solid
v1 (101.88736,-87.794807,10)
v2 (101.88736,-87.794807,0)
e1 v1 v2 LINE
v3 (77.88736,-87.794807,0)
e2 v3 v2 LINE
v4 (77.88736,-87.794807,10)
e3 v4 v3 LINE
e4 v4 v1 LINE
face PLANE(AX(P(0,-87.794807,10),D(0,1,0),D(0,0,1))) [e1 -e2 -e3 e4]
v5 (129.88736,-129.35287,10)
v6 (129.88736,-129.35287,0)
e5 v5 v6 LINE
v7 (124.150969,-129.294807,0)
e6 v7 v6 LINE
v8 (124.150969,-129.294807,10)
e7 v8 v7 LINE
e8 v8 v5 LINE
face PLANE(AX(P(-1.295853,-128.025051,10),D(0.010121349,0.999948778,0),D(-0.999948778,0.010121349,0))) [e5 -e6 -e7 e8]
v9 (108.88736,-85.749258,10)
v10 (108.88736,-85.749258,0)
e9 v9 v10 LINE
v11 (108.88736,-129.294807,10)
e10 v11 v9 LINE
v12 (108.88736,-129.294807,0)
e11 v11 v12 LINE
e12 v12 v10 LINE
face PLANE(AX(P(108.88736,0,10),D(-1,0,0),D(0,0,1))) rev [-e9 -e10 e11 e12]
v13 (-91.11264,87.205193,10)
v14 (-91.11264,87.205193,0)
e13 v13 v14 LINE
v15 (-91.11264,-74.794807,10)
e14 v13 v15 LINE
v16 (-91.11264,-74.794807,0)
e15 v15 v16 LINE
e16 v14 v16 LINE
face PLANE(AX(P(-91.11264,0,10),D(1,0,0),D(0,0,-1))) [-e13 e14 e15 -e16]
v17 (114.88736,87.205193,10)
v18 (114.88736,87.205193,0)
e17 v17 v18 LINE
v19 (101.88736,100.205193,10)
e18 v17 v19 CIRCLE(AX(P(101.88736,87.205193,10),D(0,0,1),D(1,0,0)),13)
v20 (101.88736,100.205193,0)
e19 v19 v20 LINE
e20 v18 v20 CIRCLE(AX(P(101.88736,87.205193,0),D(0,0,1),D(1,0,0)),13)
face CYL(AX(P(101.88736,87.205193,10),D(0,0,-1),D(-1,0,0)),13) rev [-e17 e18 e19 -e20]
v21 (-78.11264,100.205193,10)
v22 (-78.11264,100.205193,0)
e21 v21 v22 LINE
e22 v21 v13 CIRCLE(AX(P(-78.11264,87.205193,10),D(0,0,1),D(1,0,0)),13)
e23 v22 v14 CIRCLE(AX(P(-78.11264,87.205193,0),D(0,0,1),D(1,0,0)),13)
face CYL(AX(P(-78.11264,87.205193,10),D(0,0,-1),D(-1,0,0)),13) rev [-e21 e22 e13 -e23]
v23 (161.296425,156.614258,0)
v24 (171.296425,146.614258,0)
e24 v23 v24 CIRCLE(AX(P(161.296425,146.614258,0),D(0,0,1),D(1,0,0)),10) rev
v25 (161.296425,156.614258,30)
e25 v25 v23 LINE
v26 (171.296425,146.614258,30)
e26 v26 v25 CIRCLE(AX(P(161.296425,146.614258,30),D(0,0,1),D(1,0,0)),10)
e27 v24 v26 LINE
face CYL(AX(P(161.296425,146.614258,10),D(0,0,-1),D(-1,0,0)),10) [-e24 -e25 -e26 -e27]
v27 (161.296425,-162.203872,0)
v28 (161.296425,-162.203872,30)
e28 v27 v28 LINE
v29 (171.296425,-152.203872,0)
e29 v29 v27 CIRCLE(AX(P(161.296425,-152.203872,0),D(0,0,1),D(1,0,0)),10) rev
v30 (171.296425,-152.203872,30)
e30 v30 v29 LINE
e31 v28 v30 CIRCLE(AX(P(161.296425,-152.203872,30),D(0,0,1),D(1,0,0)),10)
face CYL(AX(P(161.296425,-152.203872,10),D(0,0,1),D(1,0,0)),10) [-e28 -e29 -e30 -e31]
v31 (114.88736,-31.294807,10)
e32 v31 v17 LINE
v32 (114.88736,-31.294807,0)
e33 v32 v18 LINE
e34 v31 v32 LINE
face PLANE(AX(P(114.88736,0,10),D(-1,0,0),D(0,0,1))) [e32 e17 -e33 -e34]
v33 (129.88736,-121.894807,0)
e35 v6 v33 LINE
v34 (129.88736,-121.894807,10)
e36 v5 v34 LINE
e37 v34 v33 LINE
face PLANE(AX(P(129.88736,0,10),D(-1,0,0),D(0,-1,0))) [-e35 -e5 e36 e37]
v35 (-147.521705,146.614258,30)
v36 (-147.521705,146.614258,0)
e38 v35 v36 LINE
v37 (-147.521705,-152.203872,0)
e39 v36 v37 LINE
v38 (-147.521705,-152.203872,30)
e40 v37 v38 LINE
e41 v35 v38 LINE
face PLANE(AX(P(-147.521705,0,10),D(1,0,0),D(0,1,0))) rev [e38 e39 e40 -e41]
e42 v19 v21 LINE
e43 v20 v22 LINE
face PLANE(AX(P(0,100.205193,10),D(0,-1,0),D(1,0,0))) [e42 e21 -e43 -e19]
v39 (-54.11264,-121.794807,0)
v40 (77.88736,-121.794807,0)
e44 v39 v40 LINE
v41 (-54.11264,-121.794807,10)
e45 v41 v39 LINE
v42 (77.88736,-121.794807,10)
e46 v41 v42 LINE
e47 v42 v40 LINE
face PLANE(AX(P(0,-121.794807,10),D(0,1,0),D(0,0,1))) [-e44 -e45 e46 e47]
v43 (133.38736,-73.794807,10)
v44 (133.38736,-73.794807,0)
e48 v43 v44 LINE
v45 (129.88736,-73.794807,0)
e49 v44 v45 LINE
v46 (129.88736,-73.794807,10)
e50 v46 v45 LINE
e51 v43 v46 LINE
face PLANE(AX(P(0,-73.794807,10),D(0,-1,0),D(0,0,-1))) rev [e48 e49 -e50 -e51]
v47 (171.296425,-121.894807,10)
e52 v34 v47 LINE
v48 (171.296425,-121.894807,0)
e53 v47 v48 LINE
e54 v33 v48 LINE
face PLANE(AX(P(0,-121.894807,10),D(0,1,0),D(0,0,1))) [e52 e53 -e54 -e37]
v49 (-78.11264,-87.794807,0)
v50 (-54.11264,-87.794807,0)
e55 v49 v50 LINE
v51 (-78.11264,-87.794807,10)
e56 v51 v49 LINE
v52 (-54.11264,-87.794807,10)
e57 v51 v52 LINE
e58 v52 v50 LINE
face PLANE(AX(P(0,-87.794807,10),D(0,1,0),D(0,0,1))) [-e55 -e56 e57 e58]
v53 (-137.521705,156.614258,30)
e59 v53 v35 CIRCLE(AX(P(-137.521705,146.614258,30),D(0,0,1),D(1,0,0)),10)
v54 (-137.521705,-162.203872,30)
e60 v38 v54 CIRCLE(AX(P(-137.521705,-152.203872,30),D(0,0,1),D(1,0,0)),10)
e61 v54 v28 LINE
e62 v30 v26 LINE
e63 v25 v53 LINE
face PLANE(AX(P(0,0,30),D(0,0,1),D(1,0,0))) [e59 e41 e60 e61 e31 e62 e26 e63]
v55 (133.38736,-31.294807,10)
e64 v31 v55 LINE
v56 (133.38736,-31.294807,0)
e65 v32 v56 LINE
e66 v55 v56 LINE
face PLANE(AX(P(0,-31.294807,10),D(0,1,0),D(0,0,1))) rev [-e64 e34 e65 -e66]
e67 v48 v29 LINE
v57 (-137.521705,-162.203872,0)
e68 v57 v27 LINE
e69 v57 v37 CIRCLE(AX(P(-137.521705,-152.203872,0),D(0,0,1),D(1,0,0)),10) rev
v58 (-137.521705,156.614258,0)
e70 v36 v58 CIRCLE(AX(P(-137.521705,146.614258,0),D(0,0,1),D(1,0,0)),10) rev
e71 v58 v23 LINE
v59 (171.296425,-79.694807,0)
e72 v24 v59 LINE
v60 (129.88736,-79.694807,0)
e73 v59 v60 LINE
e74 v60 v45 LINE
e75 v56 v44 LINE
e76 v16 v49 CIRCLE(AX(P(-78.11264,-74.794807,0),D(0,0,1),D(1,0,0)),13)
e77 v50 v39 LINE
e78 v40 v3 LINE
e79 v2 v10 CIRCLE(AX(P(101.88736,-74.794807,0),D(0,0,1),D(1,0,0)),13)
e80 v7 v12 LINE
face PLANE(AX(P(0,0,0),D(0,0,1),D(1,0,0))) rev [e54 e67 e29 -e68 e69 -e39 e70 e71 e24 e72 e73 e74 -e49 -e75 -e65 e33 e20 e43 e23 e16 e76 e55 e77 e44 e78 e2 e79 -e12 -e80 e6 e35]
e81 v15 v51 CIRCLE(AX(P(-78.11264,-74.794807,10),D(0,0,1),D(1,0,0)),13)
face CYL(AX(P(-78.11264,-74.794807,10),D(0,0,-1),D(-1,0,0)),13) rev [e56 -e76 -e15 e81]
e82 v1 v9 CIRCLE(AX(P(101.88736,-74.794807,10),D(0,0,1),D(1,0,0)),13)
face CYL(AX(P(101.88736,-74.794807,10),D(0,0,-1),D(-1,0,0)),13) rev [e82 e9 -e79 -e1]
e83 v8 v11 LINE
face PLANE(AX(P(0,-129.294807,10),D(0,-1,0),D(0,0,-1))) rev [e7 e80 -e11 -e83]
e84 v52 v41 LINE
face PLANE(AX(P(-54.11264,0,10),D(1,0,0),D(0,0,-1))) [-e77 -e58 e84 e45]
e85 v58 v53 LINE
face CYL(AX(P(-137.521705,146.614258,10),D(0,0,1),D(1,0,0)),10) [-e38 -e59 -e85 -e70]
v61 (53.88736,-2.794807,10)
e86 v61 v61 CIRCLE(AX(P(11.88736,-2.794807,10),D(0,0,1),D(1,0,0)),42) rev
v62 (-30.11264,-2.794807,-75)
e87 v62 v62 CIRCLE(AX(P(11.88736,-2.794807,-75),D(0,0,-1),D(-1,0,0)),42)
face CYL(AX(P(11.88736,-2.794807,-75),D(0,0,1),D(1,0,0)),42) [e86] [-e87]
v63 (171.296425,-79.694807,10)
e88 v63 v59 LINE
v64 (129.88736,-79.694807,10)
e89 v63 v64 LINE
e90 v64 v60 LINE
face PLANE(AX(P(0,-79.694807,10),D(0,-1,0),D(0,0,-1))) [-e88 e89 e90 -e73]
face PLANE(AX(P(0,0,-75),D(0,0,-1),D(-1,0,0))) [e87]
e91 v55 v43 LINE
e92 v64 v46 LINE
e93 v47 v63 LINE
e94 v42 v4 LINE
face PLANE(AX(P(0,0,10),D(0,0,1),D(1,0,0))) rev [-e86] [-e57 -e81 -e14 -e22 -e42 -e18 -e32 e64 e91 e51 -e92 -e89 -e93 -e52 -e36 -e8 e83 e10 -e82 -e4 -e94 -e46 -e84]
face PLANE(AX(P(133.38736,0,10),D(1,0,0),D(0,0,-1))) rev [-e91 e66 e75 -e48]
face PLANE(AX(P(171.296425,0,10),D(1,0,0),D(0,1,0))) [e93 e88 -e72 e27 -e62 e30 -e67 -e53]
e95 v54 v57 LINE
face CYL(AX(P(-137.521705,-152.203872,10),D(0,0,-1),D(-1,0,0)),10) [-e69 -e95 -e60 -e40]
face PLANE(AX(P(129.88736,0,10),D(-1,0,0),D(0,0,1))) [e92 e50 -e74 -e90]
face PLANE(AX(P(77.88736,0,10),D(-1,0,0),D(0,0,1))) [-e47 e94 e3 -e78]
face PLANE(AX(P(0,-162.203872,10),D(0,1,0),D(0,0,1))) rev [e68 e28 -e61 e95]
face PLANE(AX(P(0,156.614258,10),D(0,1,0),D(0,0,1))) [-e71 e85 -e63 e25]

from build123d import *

# Parameters (mm, degrees)
EXTRUDE_1_DEPTH = 10
SKETCH_4_W      = 318.818129974
SKETCH_4_H      = 318.818129974
EXTRUDE_3_DEPTH = 20
SKETCH_6_R      = 42
EXTRUDE_4_DEPTH = 85
FILLET_1_R      = 10


with BuildPart() as part:
    # 草图2 → 凸台-拉伸1 (new body)
    with BuildSketch(Plane.XY):
        with BuildLine():
            Line((171.296424673, 156.614258314), (-147.521705301, 156.614258314))
            Line((-147.521705301, 156.614258314), (-147.521705301, -162.20387166))
            Line((-147.521705301, -162.20387166), (171.296424673, -162.20387166))
            Line((171.296424673, -162.20387166), (171.296424673, -121.894806673))
            Line((171.296424673, -121.894806673), (129.887359686, -121.894806673))
            Line((129.887359686, -121.894806673), (129.887359686, -129.352869657))
            Line((129.887359686, -129.352869657), (124.15096929, -129.294806673))
            Line((124.15096929, -129.294806673), (108.887359686, -129.294806673))
            Line((108.887359686, -129.294806673), (108.887359686, -85.749257823))
            ThreePointArc((108.887359686, -85.749257823), (105.533737001, -87.272944854), (101.887359686, -87.794806673))
            Line((101.887359686, -87.794806673), (77.887359686, -87.794806673))
            Line((77.887359686, -87.794806673), (77.887359686, -121.794806673))
            Line((77.887359686, -121.794806673), (-54.112640314, -121.794806673))
            Line((-54.112640314, -121.794806673), (-54.112640314, -87.794806673))
            Line((-54.112640314, -87.794806673), (-78.112640314, -87.794806673))
            ThreePointArc((-78.112640314, -87.794806673), (-87.305028469, -83.987194828), (-91.112640314, -74.794806673))
            Line((-91.112640314, -74.794806673), (-91.112640314, 87.205193327))
            ThreePointArc((-91.112640314, 87.205193327), (-87.305028469, 96.397581483), (-78.112640314, 100.205193327))
            Line((-78.112640314, 100.205193327), (101.887359686, 100.205193327))
            ThreePointArc((101.887359686, 100.205193327), (111.079747841, 96.397581483), (114.887359686, 87.205193327))
            Line((114.887359686, 87.205193327), (114.887359686, -31.294806673))
            Line((114.887359686, -31.294806673), (133.387359686, -31.294806673))
            Line((133.387359686, -31.294806673), (133.387359686, -37.294806673))
            Line((133.387359686, -37.294806673), (133.387359686, -73.794806673))
            Line((133.387359686, -73.794806673), (129.887359686, -73.794806673))
            Line((129.887359686, -73.794806673), (129.887359686, -79.694806673))
            Line((129.887359686, -79.694806673), (171.296424673, -79.694806673))
            Line((171.296424673, -79.694806673), (171.296424673, 156.614258314))
        make_face()
    extrude(amount=EXTRUDE_1_DEPTH)

    # 草图4 → 凸台-拉伸3 (add)
    with BuildSketch(Plane.XY.offset(10)):
        with Locations((11.887359686, -2.794806673)):
            Rectangle(SKETCH_4_W, SKETCH_4_H)
    extrude(amount=EXTRUDE_3_DEPTH)

    # 草图6 → 凸台-拉伸4 (add)
    with BuildSketch(Plane(origin=(0, 0, 10), x_dir=(-1, 0, 0), z_dir=(0, 0, -1))):
        with Locations(Location((-11.887359686, -2.794806673, 0), (0, 0, 180))):
            Circle(SKETCH_6_R)
    extrude(amount=EXTRUDE_4_DEPTH)

    # 圆角1
    fillet_1_edges = [part.edges().sort_by_distance(p)[0] for p in [
        (171.296424673, -162.20387166, 15),
        (-147.521705301, -162.20387166, 15),
        (-147.521705301, 156.614258314, 15),
        (171.296424673, 156.614258314, 15),
    ]]
    fillet(fillet_1_edges, radius=FILLET_1_R)


solid = part.part
